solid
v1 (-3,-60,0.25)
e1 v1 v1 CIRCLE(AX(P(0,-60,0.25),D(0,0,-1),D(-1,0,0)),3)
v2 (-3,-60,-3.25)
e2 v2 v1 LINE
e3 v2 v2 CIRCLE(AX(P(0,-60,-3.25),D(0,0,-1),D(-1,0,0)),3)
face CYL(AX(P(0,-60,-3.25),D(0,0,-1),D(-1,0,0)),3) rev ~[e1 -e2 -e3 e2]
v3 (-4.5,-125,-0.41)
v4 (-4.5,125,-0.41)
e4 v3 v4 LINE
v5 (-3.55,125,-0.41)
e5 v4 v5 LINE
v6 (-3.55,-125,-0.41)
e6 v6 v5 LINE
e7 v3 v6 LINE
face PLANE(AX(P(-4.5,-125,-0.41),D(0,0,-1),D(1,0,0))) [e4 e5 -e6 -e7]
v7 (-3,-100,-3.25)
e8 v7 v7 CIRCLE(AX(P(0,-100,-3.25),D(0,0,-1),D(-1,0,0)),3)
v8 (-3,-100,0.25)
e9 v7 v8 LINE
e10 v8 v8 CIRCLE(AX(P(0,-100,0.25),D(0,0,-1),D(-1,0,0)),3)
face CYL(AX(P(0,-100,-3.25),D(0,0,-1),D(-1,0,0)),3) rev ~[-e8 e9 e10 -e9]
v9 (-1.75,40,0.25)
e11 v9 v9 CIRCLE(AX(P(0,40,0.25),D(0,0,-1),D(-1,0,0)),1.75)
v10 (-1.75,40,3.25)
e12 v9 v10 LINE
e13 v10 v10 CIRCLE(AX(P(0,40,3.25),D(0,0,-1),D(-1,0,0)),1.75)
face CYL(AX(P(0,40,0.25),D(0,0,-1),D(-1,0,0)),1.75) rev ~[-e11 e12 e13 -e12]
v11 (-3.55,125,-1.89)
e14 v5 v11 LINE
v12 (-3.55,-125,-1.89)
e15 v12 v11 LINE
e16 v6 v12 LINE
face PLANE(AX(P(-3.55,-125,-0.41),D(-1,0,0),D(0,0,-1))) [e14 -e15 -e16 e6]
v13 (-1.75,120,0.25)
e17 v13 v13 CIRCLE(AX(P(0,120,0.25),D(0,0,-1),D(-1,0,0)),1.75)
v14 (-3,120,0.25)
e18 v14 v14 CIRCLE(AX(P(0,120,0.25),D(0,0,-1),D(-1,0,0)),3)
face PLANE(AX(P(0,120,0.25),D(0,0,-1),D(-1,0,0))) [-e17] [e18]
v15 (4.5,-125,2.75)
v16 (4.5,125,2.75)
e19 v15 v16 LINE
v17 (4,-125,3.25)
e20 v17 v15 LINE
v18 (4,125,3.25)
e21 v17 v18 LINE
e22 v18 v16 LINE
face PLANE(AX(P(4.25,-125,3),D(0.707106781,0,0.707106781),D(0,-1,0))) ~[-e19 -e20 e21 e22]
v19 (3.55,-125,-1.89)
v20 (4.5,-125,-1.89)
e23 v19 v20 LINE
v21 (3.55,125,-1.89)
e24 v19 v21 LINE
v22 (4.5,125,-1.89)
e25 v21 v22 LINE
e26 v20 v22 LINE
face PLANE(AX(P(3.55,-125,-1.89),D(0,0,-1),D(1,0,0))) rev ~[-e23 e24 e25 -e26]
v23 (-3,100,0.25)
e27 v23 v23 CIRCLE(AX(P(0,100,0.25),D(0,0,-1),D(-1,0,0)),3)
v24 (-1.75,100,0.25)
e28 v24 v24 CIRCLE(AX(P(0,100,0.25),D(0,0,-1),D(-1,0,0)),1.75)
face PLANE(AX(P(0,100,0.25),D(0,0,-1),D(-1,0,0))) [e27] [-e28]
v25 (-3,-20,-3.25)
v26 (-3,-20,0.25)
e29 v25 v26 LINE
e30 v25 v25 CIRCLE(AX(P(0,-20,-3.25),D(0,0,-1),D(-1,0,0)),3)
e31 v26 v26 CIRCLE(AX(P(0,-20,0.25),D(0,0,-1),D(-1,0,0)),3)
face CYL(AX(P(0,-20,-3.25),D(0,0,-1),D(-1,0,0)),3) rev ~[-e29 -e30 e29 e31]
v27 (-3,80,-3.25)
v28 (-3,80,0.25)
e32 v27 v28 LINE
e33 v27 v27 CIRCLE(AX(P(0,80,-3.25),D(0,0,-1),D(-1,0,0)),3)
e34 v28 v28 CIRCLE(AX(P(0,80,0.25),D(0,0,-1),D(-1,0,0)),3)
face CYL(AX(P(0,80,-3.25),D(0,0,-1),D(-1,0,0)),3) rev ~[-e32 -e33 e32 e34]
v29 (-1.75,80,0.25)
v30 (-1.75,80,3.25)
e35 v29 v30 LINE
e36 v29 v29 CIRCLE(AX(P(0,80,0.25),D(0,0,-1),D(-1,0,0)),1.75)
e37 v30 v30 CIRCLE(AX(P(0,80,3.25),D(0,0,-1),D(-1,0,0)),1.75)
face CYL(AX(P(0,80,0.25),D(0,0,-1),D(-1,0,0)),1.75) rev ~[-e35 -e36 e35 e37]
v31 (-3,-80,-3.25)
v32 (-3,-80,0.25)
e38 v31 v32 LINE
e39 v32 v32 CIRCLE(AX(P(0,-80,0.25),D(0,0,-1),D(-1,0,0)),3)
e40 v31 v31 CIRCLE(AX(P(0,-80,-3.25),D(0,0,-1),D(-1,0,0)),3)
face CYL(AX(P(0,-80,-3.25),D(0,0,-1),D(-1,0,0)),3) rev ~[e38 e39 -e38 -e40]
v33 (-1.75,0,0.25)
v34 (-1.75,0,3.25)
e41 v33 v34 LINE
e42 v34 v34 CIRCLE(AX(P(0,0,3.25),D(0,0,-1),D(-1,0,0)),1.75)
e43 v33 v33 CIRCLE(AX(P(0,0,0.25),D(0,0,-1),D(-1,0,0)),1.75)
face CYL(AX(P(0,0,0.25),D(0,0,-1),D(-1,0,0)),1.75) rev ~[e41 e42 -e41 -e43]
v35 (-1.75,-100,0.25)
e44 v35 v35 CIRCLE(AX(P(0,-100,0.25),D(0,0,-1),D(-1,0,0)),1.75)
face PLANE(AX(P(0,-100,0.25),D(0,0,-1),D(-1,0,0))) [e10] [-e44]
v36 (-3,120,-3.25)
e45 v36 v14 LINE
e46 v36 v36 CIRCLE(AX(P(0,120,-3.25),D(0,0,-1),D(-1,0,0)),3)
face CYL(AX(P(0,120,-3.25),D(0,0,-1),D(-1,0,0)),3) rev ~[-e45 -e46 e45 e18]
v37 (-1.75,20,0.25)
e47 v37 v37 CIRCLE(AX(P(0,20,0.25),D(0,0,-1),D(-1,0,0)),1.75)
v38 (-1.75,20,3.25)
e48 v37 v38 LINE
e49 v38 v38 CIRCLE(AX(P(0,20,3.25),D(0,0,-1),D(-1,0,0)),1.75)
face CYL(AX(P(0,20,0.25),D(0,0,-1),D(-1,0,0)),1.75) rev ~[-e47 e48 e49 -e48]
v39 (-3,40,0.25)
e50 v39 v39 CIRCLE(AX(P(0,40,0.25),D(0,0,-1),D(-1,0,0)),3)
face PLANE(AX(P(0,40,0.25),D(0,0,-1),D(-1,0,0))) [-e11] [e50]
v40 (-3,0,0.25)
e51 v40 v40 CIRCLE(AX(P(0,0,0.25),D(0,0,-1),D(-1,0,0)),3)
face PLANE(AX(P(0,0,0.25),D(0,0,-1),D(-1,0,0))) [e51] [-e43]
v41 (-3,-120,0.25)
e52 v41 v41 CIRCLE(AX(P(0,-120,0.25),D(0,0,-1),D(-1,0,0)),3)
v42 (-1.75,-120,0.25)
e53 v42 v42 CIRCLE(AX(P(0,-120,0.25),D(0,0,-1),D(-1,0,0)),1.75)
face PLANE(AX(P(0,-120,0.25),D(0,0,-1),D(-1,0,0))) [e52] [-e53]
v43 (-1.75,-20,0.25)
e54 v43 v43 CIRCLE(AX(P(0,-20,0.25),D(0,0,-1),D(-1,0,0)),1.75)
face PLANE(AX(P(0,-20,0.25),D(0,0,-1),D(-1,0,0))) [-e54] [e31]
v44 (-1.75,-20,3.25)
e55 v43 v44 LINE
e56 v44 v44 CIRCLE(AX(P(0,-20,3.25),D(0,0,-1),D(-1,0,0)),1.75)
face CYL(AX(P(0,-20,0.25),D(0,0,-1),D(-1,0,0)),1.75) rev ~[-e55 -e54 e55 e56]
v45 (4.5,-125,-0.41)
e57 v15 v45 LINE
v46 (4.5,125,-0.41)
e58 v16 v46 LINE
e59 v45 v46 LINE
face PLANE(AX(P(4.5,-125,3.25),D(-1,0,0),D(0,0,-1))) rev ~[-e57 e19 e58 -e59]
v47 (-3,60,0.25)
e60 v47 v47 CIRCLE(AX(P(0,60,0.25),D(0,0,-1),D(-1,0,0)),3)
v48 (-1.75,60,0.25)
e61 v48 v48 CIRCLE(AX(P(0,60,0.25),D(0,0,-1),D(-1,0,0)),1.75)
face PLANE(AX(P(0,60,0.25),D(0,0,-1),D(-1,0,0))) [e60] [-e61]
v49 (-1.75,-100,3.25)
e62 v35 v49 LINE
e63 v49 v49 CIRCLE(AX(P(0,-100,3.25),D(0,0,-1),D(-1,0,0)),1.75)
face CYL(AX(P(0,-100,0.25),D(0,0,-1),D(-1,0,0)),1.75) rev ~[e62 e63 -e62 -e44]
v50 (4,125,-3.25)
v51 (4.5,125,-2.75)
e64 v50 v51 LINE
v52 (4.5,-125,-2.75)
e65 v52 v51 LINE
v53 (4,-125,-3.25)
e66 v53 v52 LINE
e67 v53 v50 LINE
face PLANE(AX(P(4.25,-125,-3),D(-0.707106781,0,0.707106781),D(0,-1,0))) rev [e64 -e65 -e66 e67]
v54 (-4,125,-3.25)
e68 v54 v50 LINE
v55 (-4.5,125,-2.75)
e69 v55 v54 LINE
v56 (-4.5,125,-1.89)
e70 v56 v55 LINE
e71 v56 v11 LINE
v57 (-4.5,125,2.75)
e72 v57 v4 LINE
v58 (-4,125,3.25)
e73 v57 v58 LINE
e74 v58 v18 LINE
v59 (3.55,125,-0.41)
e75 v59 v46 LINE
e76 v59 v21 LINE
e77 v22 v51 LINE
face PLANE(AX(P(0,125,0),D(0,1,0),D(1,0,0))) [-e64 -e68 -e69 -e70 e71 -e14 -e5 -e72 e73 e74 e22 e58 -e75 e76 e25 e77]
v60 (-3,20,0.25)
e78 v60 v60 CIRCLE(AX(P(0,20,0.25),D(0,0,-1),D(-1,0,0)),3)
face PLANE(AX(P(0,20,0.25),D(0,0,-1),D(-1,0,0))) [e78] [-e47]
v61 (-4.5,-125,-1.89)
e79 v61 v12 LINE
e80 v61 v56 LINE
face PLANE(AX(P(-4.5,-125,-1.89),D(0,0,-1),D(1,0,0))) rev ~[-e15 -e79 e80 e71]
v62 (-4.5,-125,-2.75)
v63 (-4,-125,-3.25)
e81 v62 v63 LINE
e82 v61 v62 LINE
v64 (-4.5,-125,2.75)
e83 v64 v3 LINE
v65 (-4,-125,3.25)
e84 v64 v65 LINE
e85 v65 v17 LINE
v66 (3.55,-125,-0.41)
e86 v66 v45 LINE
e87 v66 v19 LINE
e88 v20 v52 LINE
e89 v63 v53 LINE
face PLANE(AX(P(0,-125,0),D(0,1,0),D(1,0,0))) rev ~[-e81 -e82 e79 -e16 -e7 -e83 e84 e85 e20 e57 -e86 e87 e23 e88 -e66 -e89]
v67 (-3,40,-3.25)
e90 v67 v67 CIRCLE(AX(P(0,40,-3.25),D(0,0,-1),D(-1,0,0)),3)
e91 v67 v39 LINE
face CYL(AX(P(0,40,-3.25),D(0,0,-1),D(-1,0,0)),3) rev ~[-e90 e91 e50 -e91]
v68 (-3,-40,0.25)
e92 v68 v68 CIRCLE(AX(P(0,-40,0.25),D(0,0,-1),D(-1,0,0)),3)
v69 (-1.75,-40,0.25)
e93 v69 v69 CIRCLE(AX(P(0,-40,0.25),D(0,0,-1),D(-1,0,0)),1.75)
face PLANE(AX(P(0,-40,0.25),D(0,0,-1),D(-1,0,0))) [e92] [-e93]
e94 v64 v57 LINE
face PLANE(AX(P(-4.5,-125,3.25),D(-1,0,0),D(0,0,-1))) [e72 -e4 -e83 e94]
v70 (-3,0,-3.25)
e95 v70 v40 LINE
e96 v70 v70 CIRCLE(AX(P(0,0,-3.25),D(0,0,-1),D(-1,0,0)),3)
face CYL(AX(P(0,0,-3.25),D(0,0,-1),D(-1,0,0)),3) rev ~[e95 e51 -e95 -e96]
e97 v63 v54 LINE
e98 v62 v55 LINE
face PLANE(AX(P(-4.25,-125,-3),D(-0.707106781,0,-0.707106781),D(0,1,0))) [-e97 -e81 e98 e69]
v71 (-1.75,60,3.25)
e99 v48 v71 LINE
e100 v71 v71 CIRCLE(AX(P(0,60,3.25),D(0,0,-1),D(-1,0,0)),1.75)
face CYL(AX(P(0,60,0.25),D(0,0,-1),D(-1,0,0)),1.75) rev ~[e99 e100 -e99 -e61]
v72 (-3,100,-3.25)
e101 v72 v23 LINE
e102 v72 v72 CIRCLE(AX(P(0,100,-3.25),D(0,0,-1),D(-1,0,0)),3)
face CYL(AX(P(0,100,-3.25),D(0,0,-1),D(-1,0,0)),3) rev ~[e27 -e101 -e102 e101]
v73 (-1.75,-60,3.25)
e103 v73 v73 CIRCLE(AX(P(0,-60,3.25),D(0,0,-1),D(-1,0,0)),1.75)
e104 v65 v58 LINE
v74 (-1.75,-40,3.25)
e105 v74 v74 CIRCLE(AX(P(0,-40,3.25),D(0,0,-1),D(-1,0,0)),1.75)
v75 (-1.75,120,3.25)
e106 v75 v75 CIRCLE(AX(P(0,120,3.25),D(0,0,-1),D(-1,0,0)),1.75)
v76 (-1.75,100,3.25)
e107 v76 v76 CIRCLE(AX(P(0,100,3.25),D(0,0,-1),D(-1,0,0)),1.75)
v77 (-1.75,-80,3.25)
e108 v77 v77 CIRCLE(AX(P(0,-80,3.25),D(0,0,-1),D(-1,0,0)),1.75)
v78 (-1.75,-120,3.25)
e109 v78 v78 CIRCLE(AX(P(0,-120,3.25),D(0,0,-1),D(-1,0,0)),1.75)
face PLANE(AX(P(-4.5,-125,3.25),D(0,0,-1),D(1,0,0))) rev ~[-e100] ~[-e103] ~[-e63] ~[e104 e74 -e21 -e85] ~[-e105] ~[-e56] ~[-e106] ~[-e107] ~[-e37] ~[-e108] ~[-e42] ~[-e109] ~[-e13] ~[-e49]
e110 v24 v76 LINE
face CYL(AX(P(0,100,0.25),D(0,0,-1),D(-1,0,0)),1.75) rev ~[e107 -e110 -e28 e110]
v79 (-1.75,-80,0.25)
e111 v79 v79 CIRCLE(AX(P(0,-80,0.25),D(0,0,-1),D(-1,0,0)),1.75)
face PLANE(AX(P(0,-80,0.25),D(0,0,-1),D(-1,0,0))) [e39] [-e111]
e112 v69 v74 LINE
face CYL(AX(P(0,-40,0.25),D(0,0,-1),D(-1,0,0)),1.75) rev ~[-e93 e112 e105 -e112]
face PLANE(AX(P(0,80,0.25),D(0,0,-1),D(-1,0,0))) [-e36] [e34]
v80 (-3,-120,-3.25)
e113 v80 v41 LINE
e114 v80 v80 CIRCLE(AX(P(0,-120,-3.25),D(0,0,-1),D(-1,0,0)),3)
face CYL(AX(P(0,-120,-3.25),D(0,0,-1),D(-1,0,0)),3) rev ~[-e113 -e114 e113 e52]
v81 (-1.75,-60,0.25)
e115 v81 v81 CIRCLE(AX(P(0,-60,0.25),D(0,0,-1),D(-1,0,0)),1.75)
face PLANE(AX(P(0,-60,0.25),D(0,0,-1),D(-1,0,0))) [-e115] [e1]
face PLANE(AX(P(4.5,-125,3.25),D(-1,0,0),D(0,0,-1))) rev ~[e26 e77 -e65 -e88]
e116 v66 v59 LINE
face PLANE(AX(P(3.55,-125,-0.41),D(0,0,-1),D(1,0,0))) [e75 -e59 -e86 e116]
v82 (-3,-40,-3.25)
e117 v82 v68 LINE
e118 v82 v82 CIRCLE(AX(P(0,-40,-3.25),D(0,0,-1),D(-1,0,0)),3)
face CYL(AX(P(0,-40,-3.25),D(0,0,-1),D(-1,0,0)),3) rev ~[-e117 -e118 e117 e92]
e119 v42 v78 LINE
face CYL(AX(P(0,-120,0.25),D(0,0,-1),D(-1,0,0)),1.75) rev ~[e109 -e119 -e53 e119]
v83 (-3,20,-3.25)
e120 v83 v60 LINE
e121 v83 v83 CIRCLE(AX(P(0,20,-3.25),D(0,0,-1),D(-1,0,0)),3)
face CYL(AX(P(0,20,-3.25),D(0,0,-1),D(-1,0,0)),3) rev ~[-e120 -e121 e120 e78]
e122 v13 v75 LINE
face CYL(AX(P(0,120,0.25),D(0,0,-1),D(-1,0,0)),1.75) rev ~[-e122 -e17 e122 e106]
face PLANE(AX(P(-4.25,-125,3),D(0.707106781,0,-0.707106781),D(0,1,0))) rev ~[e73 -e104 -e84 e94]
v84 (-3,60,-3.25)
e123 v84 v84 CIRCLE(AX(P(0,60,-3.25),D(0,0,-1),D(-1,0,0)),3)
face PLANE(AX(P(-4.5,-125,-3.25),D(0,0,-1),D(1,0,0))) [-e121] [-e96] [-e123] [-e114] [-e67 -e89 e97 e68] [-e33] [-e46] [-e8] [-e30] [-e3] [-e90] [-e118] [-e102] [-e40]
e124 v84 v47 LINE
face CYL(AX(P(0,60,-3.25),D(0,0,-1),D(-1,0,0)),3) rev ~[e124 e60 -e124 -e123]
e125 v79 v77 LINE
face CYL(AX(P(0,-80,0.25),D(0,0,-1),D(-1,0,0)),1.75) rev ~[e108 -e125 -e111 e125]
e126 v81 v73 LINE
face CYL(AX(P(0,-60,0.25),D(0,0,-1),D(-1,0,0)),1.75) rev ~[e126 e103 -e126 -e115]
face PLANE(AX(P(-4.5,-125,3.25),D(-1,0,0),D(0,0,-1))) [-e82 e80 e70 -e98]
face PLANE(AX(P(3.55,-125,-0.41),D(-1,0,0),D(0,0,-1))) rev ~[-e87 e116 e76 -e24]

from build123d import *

# Parameters (mm, degrees)
EXTRUDE_1_DEPTH          = 125
EXTRUDE_1_DEPTH_BACK     = 125
SKETCH_1_W               = 9
SKETCH_1_H               = 6.5
CUT_EXTRUDE_1_DEPTH      = 125
CUT_EXTRUDE_1_DEPTH_BACK = 125
SKETCH_2_W               = 0.95
SKETCH_2_H               = 1.48
CHAMFER_2_SIZE           = 0.5
SKETCH_3_R               = 3
CUT_EXTRUDE_2_DEPTH      = 3.5
SKETCH_4_R               = 1.75
CUT_EXTRUDE_3_DEPTH      = 5


with BuildPart() as part:
    # 草图1 → 凸台-拉伸1 (new, two sides: drawn at the far end of the back side and taken through both)
    with BuildSketch(Plane(origin=(0, 0, 0), x_dir=(1, 0, 0), z_dir=(0, 1, 0)).offset(-EXTRUDE_1_DEPTH_BACK)):
        Rectangle(SKETCH_1_W, SKETCH_1_H)
    extrude(amount=EXTRUDE_1_DEPTH + EXTRUDE_1_DEPTH_BACK)

    # 草图2 → 切除-拉伸1 (cut, two sides: drawn at the far end of the back side and taken through both)
    with BuildSketch(Plane(origin=(0, 0, 0), x_dir=(1, 0, 0), z_dir=(0, 1, 0)).offset(-CUT_EXTRUDE_1_DEPTH_BACK)):
        with Locations((4.025, 1.15)):
            Rectangle(SKETCH_2_W, SKETCH_2_H)
        with Locations((-4.025, 1.15)):
            Rectangle(SKETCH_2_W, SKETCH_2_H)
    extrude(amount=CUT_EXTRUDE_1_DEPTH + CUT_EXTRUDE_1_DEPTH_BACK, mode=Mode.SUBTRACT)

    # 倒角2
    chamfer_2_edges = [part.edges().sort_by_distance(p)[0] for p in [
        (4.5, 0, 3.25),
        (-4.5, 0, 3.25),
        (-4.5, 0, -3.25),
        (4.5, 0, -3.25),
    ]]
    chamfer(chamfer_2_edges, length=CHAMFER_2_SIZE)

    # 草图3 → 切除-拉伸2 (cut)
    with BuildSketch(Plane(origin=(0, 0, -3.25), x_dir=(-1, 0, 0), z_dir=(0, 0, -1))):
        with Locations((0, -120)):
            Circle(SKETCH_3_R)
        with Locations((0, -100)):
            Circle(SKETCH_3_R)
        with Locations((0, -80)):
            Circle(SKETCH_3_R)
        with Locations((0, -60)):
            Circle(SKETCH_3_R)
        with Locations((0, -40)):
            Circle(SKETCH_3_R)
        with Locations((0, -20)):
            Circle(SKETCH_3_R)
        Circle(SKETCH_3_R)
        with Locations((0, 20)):
            Circle(SKETCH_3_R)
        with Locations((0, 40)):
            Circle(SKETCH_3_R)
        with Locations((0, 60)):
            Circle(SKETCH_3_R)
        with Locations((0, 80)):
            Circle(SKETCH_3_R)
        with Locations((0, 100)):
            Circle(SKETCH_3_R)
        with Locations((0, 120)):
            Circle(SKETCH_3_R)
    extrude(amount=-CUT_EXTRUDE_2_DEPTH, mode=Mode.SUBTRACT)

    # 草图4 → 切除-拉伸3 (cut)
    with BuildSketch(Plane(origin=(0, 0, 0.25), x_dir=(-1, 0, 0), z_dir=(0, 0, -1))):
        with Locations((0, -120)):
            Circle(SKETCH_4_R)
        with Locations((0, -100)):
            Circle(SKETCH_4_R)
        with Locations((0, -80)):
            Circle(SKETCH_4_R)
        with Locations((0, -60)):
            Circle(SKETCH_4_R)
        with Locations((0, -40)):
            Circle(SKETCH_4_R)
        with Locations((0, -20)):
            Circle(SKETCH_4_R)
        Circle(SKETCH_4_R)
        with Locations((0, 20)):
            Circle(SKETCH_4_R)
        with Locations((0, 40)):
            Circle(SKETCH_4_R)
        with Locations((0, 60)):
            Circle(SKETCH_4_R)
        with Locations((0, 80)):
            Circle(SKETCH_4_R)
        with Locations((0, 100)):
            Circle(SKETCH_4_R)
        with Locations((0, 120)):
            Circle(SKETCH_4_R)
        with Locations((0, 140)):
            Circle(SKETCH_4_R)
        with Locations((0, 160)):
            Circle(SKETCH_4_R)
    extrude(amount=-CUT_EXTRUDE_3_DEPTH, mode=Mode.SUBTRACT)


solid = part.part
